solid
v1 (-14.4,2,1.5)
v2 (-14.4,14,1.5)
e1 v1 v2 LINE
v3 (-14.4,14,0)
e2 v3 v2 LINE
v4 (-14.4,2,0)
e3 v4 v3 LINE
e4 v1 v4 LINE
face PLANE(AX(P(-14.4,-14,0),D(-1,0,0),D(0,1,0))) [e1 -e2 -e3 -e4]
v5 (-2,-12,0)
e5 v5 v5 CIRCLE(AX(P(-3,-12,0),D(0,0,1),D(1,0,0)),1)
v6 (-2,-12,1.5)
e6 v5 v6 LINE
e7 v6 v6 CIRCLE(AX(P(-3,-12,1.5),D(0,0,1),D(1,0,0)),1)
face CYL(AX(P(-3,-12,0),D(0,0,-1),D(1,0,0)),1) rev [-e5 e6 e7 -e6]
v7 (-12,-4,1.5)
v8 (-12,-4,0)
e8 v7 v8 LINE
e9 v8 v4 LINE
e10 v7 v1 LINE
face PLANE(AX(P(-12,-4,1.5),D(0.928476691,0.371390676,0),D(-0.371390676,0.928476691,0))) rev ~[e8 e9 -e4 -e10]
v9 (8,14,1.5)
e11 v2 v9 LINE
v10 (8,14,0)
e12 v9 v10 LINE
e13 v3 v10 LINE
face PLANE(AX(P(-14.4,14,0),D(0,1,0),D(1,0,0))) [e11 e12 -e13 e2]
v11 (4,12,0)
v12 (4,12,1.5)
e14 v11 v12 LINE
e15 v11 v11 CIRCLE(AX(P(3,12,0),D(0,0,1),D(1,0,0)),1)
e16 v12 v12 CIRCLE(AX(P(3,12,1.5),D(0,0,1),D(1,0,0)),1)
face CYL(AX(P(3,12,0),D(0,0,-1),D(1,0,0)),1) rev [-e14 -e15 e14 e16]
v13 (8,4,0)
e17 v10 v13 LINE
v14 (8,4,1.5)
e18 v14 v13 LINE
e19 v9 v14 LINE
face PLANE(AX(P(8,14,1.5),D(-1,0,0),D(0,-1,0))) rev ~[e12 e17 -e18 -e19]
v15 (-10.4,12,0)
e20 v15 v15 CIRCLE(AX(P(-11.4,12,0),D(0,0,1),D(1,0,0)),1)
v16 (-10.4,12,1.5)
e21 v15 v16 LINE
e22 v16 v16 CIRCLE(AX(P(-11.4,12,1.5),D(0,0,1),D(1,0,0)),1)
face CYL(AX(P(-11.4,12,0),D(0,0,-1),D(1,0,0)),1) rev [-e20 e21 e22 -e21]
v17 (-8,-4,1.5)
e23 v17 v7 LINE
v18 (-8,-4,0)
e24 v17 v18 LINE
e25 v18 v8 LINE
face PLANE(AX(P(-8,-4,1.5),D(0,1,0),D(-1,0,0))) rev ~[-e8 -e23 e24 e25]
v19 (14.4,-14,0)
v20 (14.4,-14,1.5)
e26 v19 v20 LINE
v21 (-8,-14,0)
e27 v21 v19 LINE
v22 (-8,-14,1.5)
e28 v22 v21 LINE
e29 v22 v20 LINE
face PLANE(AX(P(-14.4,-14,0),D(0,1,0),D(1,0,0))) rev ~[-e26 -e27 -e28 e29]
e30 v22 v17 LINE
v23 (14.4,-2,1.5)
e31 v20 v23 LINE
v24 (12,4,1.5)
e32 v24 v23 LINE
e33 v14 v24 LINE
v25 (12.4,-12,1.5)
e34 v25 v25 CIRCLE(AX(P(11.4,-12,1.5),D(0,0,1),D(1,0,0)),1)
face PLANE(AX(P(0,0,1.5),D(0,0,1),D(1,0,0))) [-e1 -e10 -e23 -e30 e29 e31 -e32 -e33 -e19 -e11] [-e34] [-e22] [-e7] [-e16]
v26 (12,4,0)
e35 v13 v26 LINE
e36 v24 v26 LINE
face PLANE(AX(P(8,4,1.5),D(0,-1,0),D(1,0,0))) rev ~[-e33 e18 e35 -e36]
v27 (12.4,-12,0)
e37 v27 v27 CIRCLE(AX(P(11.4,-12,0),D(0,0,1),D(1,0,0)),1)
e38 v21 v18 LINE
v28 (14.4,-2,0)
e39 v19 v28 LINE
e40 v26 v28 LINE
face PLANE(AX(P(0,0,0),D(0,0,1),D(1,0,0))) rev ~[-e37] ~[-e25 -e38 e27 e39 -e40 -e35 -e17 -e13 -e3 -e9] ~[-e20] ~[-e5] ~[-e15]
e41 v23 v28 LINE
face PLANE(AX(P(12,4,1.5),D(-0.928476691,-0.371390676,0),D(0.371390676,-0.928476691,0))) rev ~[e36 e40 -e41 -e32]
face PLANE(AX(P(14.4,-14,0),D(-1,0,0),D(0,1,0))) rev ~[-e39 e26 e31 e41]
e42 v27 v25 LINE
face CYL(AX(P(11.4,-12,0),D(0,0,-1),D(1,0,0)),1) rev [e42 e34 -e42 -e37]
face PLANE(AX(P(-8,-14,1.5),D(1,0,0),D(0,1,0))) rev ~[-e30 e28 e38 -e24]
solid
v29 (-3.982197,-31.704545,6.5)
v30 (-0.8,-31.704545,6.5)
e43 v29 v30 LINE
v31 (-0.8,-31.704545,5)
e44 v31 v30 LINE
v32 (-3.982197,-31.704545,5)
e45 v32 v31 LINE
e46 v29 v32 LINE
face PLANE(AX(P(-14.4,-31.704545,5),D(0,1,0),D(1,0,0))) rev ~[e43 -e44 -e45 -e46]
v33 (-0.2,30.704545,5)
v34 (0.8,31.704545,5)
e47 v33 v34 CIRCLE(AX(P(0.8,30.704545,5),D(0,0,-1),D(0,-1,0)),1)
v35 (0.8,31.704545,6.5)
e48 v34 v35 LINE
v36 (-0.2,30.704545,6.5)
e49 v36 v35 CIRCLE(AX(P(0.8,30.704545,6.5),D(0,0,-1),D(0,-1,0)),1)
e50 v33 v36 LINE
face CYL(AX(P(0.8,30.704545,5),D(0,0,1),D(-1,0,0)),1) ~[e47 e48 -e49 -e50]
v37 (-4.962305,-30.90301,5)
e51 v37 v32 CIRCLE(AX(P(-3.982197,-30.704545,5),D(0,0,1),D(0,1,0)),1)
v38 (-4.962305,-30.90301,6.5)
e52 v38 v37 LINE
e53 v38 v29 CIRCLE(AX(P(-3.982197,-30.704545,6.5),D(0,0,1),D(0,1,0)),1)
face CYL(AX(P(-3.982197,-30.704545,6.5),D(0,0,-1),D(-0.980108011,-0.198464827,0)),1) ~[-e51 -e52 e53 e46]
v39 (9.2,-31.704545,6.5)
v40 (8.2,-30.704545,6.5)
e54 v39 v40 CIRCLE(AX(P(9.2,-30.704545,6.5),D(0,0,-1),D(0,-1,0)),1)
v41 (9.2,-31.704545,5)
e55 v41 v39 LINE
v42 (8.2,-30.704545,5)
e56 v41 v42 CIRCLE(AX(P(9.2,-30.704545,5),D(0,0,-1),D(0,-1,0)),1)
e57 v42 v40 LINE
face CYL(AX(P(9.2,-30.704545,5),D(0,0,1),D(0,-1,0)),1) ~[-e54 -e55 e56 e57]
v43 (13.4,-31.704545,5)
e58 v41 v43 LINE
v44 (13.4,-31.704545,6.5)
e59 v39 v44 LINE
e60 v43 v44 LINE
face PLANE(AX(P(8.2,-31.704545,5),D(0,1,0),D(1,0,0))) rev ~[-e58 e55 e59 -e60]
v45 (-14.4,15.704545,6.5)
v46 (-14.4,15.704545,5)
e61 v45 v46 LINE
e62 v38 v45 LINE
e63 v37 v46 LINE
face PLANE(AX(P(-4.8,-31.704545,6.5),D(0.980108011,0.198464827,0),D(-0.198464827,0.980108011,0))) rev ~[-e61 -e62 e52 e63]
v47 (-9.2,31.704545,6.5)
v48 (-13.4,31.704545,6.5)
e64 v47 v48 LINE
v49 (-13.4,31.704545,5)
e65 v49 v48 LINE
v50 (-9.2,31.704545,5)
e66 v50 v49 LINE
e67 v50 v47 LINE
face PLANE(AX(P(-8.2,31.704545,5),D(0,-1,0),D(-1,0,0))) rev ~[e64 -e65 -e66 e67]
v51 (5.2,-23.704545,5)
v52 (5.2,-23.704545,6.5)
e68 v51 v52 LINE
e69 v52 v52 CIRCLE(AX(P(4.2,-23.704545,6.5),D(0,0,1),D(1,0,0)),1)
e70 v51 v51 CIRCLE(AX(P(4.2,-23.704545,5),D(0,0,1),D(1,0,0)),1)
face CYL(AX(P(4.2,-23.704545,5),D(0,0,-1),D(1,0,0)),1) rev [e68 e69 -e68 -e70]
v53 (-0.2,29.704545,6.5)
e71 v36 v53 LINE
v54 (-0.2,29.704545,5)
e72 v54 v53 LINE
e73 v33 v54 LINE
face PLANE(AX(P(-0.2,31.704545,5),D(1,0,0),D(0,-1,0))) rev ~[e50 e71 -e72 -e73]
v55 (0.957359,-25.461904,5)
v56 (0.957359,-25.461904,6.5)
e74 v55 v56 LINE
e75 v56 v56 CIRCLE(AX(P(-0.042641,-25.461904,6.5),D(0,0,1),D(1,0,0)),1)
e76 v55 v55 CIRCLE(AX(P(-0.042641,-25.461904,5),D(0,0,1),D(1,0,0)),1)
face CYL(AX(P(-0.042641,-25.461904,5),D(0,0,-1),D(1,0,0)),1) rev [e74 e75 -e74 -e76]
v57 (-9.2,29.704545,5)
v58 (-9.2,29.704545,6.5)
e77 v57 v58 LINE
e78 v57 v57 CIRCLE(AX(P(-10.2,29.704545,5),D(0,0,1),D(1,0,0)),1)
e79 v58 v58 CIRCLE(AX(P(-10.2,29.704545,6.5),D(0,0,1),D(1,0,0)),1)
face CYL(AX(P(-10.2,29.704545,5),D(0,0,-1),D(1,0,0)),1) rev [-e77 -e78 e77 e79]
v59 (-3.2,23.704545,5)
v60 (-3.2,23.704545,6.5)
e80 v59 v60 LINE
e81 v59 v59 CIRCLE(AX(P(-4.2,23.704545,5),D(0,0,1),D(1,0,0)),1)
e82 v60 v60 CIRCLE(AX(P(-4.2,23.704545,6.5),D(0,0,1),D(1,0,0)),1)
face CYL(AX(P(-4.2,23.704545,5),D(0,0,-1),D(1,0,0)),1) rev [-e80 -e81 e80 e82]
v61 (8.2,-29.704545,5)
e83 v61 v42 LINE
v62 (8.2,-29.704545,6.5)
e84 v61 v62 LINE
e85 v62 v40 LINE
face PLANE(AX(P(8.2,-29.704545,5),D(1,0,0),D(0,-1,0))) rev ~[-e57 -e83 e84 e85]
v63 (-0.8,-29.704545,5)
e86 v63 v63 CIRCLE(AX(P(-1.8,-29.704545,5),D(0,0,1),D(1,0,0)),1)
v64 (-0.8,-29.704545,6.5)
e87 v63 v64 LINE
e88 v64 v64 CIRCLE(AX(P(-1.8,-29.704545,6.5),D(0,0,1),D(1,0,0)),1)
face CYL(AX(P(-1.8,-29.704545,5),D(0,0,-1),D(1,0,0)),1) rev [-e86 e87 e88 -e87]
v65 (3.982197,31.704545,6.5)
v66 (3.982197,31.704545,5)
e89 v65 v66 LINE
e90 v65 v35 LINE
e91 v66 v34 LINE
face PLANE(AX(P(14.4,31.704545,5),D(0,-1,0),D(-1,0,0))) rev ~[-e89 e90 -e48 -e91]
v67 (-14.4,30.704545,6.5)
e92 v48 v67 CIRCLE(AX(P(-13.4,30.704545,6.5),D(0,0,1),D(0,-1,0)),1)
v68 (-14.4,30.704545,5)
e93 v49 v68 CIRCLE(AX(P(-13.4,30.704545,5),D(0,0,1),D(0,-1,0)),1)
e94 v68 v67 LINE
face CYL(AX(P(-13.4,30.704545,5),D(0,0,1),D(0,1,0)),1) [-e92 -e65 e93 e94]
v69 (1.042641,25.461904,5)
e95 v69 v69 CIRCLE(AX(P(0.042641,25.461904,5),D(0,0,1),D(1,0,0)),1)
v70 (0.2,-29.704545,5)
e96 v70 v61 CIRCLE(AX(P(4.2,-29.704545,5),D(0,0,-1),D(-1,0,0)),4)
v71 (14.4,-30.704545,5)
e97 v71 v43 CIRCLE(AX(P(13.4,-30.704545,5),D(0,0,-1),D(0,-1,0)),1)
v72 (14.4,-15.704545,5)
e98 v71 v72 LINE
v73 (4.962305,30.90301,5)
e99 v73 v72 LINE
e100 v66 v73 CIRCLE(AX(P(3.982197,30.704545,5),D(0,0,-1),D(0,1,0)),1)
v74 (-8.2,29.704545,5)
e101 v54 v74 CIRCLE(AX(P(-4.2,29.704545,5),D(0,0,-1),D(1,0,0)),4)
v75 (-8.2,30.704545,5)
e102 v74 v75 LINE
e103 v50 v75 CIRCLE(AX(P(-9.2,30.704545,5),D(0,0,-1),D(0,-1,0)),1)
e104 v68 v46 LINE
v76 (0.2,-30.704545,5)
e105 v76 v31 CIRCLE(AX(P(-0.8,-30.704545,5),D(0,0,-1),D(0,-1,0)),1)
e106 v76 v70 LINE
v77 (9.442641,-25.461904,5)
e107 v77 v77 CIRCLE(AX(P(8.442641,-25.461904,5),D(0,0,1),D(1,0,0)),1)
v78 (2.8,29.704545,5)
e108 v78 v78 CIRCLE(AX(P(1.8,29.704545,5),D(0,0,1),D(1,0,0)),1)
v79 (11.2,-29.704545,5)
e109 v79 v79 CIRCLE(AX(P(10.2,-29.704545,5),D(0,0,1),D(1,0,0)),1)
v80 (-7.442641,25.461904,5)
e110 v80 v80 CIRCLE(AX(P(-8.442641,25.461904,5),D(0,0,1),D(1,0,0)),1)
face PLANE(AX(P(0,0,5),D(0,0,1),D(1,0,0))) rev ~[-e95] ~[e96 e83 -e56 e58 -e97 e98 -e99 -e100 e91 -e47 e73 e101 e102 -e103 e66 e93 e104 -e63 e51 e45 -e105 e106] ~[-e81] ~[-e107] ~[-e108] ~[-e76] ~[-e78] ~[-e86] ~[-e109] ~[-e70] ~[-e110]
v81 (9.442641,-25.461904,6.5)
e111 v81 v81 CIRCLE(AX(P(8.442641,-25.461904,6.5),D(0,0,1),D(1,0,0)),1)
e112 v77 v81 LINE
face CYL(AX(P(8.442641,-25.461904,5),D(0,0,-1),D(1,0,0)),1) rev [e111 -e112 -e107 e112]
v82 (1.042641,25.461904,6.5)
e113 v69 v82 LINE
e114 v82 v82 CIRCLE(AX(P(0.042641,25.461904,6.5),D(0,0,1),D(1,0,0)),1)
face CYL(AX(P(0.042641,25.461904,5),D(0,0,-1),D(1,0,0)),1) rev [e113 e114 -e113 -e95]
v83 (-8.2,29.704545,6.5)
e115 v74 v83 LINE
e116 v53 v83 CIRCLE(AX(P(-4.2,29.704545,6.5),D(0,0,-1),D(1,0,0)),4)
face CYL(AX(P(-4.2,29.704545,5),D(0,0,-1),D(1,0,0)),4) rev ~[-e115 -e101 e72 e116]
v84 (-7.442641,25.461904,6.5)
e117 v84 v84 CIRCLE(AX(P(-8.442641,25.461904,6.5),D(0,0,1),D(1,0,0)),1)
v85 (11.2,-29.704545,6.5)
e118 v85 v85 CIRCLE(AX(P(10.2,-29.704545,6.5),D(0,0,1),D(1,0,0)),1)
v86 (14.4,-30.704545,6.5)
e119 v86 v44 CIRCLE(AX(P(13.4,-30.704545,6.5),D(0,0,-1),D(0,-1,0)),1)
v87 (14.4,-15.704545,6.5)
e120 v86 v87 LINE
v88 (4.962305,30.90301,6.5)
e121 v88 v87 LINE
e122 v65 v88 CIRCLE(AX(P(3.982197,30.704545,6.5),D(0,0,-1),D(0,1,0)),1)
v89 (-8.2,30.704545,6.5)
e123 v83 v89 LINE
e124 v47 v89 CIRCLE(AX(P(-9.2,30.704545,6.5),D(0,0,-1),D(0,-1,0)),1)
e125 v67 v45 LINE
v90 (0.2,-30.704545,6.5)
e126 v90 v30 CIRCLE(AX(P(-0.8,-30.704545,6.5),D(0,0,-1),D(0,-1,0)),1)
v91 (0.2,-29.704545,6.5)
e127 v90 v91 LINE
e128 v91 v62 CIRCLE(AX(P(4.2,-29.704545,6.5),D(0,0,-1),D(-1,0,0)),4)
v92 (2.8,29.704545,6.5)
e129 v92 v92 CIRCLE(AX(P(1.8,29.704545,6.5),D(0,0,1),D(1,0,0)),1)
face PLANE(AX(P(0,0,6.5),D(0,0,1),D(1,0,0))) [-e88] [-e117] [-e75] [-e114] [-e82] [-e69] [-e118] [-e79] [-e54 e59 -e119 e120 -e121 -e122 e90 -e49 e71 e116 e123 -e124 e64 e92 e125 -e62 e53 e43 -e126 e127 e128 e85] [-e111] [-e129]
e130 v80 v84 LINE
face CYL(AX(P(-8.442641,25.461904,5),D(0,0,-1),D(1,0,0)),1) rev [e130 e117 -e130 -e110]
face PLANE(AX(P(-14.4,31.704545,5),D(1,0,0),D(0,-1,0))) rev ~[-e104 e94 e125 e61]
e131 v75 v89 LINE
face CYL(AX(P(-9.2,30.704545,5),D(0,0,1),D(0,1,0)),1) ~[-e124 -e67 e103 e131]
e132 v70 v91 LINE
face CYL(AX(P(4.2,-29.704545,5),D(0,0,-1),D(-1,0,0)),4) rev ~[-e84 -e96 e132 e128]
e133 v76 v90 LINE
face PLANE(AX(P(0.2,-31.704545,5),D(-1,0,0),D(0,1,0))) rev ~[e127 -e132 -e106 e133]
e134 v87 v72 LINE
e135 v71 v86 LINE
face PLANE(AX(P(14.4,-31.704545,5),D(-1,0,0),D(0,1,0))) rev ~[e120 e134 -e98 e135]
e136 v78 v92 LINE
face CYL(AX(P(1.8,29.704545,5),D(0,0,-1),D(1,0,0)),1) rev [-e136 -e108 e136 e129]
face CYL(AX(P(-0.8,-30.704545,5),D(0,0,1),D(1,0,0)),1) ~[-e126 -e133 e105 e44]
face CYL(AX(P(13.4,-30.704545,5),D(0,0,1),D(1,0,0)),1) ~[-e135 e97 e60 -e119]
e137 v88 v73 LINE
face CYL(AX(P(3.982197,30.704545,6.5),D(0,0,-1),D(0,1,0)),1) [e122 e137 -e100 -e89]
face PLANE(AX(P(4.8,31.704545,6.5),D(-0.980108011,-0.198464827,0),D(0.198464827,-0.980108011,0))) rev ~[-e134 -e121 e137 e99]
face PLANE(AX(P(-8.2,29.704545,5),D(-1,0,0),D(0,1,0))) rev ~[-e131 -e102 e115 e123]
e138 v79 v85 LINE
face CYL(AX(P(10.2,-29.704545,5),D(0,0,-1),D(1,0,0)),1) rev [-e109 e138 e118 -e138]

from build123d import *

# Parameters (mm, degrees)
F0_W     = 28.8
F0_H     = 28
F0_R     = 1
F1_DEPTH = 1.5
F3_DEPTH = 1.5
F5_R     = 1
F6_DEPTH = 1.5
F8_DEPTH = 1.5
F9_R     = 1


with BuildPart() as f1:
    # F0 (on Top) → F1 (new body)
    with BuildSketch(Plane.XY):
        Rectangle(F0_W, F0_H)
        with Locations((-3, -12)):
            Circle(F0_R, mode=Mode.SUBTRACT)
        with Locations((11.4, -12)):
            Circle(F0_R, mode=Mode.SUBTRACT)
        with Locations((-11.4, 12)):
            Circle(F0_R, mode=Mode.SUBTRACT)
        with Locations((3, 12)):
            Circle(F0_R, mode=Mode.SUBTRACT)
    extrude(amount=F1_DEPTH)

    # F2 (on face) → F3 (cut, through all)
    with BuildSketch(Plane.XY.offset(1.5)):
        Polygon((-12, -4), (-14.4, 2), (-14.4, -14), (-8, -14), (-8, -4), align=None)
        Polygon((14.4, -2), (14.4, 14), (8, 14), (8, 4), (12, 4), align=None)
    extrude(amount=-F3_DEPTH, mode=Mode.SUBTRACT)


with BuildPart() as f6:
    # F5 (on offset) → F6 (new body)
    with BuildSketch(Plane.XY.offset(5)):
        with BuildLine():
            Line((-8.2, 31.7045451068), (-14.4, 31.7045451068))
            Line((-14.4, 31.7045451068), (-14.4, -31.7045451068))
            Line((-14.4, -31.7045451068), (0.2, -31.7045451068))
            Line((0.2, -31.7045451068), (0.2, -29.7045451068))
            ThreePointArc((0.2, -29.7045451068), (4.2, -25.7045451068), (8.2, -29.7045451068))
            Line((8.2, -29.7045451068), (8.2, -31.7045451068))
            Line((8.2, -31.7045451068), (14.4, -31.7045451068))
            Line((14.4, -31.7045451068), (14.4, 31.7045451068))
            Line((14.4, 31.7045451068), (-0.2, 31.7045451068))
            Line((-0.2, 31.7045451068), (-0.2, 29.7045451068))
            ThreePointArc((-0.2, 29.7045451068), (-4.2, 25.7045451068), (-8.2, 29.7045451068))
            Line((-8.2, 29.7045451068), (-8.2, 31.7045451068))
        make_face()
        with Locations((-1.8, -29.7045451068)):
            Circle(F5_R, mode=Mode.SUBTRACT)
        with Locations((-0.0426406871, -25.4619044196)):
            Circle(F5_R, mode=Mode.SUBTRACT)
        with Locations((4.2, -23.7045451068)):
            Circle(F5_R, mode=Mode.SUBTRACT)
        with Locations((10.2, -29.7045451068)):
            Circle(F5_R, mode=Mode.SUBTRACT)
        with Locations((8.4426406871, -25.4619044196)):
            Circle(F5_R, mode=Mode.SUBTRACT)
        with Locations((-8.4426406871, 25.4619044196)):
            Circle(F5_R, mode=Mode.SUBTRACT)
        with Locations((-10.2, 29.7045451068)):
            Circle(F5_R, mode=Mode.SUBTRACT)
        with Locations((-4.2, 23.7045451068)):
            Circle(F5_R, mode=Mode.SUBTRACT)
        with Locations((0.0426406871, 25.4619044196)):
            Circle(F5_R, mode=Mode.SUBTRACT)
        with Locations((1.8, 29.7045451068)):
            Circle(F5_R, mode=Mode.SUBTRACT)
    extrude(amount=F6_DEPTH)

    # F7 (on face) → F8 (cut, through all)
    with BuildSketch(Plane.XY.offset(6.5)):
        Polygon((-4.8, -31.7045451068), (-14.4, 15.7045451068), (-14.4, -31.7045451068), align=None)
        Polygon((4.8, 31.7045451068), (14.4, -15.7045451068), (14.4, 31.7045451068), align=None)
    extrude(amount=-F8_DEPTH, mode=Mode.SUBTRACT)

    # F9
    f9_edges = [f6.edges().sort_by_distance(p)[0] for p in [
        (-4.8, -31.704545, 5.75),
        (0.2, -31.704545, 5.75),
        (8.2, -31.704545, 5.75),
        (14.4, -31.704545, 5.75),
        (4.8, 31.704545, 5.75),
        (-0.2, 31.704545, 5.75),
        (-8.2, 31.704545, 5.75),
        (-14.4, 31.704545, 5.75),
    ]]
    fillet(f9_edges, radius=F9_R)


solid = Compound([f1.part, f6.part])
